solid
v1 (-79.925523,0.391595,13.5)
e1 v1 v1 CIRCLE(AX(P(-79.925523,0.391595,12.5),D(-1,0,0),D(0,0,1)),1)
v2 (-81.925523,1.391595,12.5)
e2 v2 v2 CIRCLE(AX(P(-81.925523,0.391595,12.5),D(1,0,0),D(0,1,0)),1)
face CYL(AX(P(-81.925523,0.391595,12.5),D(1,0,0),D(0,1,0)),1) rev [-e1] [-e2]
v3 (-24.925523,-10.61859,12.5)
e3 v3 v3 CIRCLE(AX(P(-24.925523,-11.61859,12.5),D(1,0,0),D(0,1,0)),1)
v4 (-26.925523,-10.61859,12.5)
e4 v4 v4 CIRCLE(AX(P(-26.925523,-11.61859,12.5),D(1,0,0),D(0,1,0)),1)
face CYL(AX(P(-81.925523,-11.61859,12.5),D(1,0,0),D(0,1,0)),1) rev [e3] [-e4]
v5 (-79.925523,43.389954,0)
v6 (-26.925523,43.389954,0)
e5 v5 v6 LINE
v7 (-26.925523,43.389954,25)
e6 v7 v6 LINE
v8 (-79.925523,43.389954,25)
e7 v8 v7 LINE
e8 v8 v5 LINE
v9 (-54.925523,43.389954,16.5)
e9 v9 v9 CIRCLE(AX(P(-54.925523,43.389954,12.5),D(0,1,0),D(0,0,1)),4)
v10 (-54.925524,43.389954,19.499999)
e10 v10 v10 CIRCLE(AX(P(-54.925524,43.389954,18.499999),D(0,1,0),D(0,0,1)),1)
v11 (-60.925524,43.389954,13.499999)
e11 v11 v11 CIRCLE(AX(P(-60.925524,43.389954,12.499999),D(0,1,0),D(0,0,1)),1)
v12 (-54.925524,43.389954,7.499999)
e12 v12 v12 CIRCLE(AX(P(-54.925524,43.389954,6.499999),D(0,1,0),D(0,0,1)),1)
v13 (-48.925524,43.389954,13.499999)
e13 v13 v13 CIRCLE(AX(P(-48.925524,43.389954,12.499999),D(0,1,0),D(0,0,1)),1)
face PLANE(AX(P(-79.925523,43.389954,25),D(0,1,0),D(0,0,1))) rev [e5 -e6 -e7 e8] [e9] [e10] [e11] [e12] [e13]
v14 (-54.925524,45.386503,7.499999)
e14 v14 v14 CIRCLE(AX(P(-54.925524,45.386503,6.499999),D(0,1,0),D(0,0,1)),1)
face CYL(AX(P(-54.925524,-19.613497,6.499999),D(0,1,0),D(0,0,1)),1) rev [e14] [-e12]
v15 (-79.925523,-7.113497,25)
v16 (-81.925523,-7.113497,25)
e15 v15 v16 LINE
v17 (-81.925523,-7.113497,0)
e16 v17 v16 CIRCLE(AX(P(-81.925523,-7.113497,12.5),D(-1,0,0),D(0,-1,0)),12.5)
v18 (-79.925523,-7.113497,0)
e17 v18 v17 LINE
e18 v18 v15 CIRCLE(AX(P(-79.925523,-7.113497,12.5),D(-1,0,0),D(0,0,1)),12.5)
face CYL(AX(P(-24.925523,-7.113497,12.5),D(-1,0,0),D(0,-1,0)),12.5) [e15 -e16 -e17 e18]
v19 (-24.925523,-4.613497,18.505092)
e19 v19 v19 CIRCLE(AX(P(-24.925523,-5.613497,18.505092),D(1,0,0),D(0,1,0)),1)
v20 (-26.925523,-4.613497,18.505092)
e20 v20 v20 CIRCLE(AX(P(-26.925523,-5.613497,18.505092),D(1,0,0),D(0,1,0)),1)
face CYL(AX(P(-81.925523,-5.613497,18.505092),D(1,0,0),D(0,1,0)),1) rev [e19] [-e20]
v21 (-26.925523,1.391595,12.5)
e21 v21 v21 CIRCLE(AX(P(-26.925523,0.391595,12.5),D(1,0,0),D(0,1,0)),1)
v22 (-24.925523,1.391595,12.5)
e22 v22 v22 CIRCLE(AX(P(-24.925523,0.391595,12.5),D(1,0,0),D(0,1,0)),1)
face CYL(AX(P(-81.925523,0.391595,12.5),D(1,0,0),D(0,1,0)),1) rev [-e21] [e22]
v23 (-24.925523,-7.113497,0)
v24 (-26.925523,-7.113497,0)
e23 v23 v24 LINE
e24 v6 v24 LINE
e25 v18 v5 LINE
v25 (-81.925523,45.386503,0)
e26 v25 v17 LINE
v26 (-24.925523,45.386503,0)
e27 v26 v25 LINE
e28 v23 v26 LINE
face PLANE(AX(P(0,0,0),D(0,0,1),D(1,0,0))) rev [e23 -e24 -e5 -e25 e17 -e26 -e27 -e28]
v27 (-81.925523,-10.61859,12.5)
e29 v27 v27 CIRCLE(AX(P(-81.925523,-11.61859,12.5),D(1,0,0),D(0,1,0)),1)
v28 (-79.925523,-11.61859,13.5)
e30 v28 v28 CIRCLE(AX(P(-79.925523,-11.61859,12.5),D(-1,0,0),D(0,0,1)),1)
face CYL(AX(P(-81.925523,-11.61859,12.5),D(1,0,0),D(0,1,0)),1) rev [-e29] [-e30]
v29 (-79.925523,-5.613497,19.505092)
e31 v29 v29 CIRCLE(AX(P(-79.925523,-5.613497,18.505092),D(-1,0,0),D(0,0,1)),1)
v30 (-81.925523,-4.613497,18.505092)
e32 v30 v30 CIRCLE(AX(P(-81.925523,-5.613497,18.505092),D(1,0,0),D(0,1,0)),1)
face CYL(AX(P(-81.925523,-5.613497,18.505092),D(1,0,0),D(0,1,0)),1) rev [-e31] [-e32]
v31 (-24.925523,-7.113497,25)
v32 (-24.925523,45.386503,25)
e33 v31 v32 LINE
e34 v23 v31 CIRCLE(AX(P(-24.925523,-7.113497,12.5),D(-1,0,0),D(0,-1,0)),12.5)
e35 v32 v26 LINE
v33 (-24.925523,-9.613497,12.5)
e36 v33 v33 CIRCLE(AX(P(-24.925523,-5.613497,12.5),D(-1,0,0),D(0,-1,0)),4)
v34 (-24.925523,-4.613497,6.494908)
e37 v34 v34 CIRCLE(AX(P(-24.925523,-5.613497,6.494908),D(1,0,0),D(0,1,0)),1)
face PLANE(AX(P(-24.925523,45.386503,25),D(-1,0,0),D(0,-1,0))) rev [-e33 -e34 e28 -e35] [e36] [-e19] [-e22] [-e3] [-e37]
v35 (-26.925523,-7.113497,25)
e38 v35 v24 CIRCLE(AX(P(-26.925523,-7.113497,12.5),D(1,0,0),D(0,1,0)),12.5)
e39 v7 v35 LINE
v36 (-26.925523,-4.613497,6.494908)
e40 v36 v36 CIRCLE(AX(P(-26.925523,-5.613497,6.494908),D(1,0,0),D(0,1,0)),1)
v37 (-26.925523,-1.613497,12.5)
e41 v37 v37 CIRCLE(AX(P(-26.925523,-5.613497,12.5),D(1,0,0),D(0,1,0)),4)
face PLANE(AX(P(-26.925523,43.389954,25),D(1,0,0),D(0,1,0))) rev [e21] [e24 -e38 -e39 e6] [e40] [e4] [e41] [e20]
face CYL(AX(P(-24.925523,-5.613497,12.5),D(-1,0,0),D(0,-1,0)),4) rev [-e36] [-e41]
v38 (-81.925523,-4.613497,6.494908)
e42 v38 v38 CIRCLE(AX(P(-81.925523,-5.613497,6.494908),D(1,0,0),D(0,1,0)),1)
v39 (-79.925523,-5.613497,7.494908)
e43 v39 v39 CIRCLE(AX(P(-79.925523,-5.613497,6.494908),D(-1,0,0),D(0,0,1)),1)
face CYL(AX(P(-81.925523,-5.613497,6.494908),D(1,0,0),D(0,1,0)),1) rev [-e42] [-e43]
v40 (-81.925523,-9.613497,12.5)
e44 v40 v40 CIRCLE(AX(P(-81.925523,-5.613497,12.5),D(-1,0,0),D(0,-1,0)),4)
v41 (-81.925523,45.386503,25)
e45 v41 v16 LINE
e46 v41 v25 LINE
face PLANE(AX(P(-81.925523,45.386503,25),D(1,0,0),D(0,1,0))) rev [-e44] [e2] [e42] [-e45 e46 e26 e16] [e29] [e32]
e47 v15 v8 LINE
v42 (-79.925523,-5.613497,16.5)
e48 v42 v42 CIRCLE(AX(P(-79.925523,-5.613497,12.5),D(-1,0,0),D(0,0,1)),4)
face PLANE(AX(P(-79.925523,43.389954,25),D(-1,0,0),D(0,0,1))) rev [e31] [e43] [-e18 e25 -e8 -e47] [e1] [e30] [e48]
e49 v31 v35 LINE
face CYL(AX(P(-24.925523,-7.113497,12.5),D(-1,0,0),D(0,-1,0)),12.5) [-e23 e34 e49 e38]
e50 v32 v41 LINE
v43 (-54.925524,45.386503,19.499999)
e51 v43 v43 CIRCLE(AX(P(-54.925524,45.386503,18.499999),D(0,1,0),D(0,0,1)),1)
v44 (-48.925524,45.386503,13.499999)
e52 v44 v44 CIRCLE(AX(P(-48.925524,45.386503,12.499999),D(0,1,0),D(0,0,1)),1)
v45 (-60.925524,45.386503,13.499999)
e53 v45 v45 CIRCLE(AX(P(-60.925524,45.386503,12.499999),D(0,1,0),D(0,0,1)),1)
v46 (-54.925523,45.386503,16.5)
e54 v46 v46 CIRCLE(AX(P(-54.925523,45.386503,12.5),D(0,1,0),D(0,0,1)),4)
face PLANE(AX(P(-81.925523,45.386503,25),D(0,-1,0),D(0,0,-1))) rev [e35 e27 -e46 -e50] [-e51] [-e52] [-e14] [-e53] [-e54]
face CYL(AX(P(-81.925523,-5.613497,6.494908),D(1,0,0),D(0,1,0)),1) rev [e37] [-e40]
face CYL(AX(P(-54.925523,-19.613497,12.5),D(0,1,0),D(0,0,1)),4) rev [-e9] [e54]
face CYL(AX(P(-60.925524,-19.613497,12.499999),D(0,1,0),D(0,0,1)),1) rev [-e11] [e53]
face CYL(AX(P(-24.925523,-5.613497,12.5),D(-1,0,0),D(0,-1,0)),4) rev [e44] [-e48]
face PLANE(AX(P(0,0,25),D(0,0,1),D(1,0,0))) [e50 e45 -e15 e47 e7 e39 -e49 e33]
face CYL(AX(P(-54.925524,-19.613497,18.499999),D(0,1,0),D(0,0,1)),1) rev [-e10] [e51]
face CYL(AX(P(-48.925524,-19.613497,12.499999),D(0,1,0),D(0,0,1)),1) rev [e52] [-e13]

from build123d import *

# Parameters (mm, degrees)
BOSS_EXTRUDE2_DEPTH = 25
SKETCH4_R           = 4
CUT_EXTRUDE1_DEPTH  = 66
SKETCH6_R           = 4
CUT_EXTRUDE2_DEPTH  = 58
CUT_EXTRUDE3_DEPTH  = 58
SKETCH9_R           = 1
CUT_EXTRUDE4_DEPTH  = 58
SKETCH10_R          = 1
CUT_EXTRUDE5_DEPTH  = 66


with BuildPart() as part:
    # Sketch3 → Boss-Extrude2 (new body)
    with BuildSketch(Plane.XY):
        Polygon((-79.925523148, 45.386502584), (-27.042967192, 45.386502584), (-24.925523148, 45.386502584), (-24.925523148, -19.613497416), (-26.925523148, -19.613497416), (-26.925523148, 43.389953837), (-79.925523148, 43.389953837), (-79.925523148, -19.613497416), (-81.925523148, -19.613497416), (-81.925523148, 45.386502584), align=None)
    extrude(amount=BOSS_EXTRUDE2_DEPTH)

    # Sketch4 → Cut-Extrude1 (cut, through all)
    with BuildSketch(Plane(origin=(0, 45.386502584, 0), x_dir=(1, 0, 0), z_dir=(0, 1, 0))):
        with Locations((-54.925523148, -12.5)):
            Circle(SKETCH4_R)
    extrude(amount=-CUT_EXTRUDE1_DEPTH, mode=Mode.SUBTRACT)

    # Sketch6 → Cut-Extrude2 (cut, through all)
    with BuildSketch(Plane.ZY.offset(81.925523148)):
        with Locations((12.5, -5.613497416)):
            Circle(SKETCH6_R)
    extrude(amount=-CUT_EXTRUDE2_DEPTH, mode=Mode.SUBTRACT)

    # Sketch8 → Cut-Extrude3 (cut, through all)
    with BuildSketch(Plane.ZY.offset(81.925523148)):
        with BuildLine():
            Line((0, -19.613497416), (12.5, -19.613497416))
            ThreePointArc((12.5, -19.613497416), (3.661165213, -15.952332159), (0, -7.113497352))
            Line((0, -7.113497352), (0, -19.613497416))
        make_face()
        with BuildLine():
            Line((12.5, -19.613497416), (25, -19.613497416))
            Line((25, -19.613497416), (25, -7.113497416))
            ThreePointArc((25, -7.113497416), (21.338834765, -15.952332181), (12.5, -19.613497416))
        make_face()
    extrude(amount=-CUT_EXTRUDE3_DEPTH, mode=Mode.SUBTRACT)

    # Sketch9 → Cut-Extrude4 (cut, through all)
    with BuildSketch(Plane(origin=(-24.925523148, 0, 0), x_dir=(0, 0, -1), z_dir=(1, 0, 0))):
        with Locations((-12.5, -11.6185898)):
            Circle(SKETCH9_R)
        with Locations((-18.505092383, -5.613497416)):
            Circle(SKETCH9_R)
        with Locations((-6.494907617, -5.613497416)):
            Circle(SKETCH9_R)
        with Locations((-12.5, 0.391594967)):
            Circle(SKETCH9_R)
    extrude(amount=-CUT_EXTRUDE4_DEPTH, mode=Mode.SUBTRACT)

    # Sketch10 → Cut-Extrude5 (cut, through all)
    with BuildSketch(Plane(origin=(0, 45.386502584, 0), x_dir=(1, 0, 0), z_dir=(0, 1, 0))):
        with Locations((-48.925524223, -12.499998866)):
            Circle(SKETCH10_R)
        with Locations((-54.925524223, -6.499998866)):
            Circle(SKETCH10_R)
        with Locations((-54.925524223, -18.499998866)):
            Circle(SKETCH10_R)
        with Locations((-60.925524223, -12.499998866)):
            Circle(SKETCH10_R)
    extrude(amount=-CUT_EXTRUDE5_DEPTH, mode=Mode.SUBTRACT)


solid = part.part
